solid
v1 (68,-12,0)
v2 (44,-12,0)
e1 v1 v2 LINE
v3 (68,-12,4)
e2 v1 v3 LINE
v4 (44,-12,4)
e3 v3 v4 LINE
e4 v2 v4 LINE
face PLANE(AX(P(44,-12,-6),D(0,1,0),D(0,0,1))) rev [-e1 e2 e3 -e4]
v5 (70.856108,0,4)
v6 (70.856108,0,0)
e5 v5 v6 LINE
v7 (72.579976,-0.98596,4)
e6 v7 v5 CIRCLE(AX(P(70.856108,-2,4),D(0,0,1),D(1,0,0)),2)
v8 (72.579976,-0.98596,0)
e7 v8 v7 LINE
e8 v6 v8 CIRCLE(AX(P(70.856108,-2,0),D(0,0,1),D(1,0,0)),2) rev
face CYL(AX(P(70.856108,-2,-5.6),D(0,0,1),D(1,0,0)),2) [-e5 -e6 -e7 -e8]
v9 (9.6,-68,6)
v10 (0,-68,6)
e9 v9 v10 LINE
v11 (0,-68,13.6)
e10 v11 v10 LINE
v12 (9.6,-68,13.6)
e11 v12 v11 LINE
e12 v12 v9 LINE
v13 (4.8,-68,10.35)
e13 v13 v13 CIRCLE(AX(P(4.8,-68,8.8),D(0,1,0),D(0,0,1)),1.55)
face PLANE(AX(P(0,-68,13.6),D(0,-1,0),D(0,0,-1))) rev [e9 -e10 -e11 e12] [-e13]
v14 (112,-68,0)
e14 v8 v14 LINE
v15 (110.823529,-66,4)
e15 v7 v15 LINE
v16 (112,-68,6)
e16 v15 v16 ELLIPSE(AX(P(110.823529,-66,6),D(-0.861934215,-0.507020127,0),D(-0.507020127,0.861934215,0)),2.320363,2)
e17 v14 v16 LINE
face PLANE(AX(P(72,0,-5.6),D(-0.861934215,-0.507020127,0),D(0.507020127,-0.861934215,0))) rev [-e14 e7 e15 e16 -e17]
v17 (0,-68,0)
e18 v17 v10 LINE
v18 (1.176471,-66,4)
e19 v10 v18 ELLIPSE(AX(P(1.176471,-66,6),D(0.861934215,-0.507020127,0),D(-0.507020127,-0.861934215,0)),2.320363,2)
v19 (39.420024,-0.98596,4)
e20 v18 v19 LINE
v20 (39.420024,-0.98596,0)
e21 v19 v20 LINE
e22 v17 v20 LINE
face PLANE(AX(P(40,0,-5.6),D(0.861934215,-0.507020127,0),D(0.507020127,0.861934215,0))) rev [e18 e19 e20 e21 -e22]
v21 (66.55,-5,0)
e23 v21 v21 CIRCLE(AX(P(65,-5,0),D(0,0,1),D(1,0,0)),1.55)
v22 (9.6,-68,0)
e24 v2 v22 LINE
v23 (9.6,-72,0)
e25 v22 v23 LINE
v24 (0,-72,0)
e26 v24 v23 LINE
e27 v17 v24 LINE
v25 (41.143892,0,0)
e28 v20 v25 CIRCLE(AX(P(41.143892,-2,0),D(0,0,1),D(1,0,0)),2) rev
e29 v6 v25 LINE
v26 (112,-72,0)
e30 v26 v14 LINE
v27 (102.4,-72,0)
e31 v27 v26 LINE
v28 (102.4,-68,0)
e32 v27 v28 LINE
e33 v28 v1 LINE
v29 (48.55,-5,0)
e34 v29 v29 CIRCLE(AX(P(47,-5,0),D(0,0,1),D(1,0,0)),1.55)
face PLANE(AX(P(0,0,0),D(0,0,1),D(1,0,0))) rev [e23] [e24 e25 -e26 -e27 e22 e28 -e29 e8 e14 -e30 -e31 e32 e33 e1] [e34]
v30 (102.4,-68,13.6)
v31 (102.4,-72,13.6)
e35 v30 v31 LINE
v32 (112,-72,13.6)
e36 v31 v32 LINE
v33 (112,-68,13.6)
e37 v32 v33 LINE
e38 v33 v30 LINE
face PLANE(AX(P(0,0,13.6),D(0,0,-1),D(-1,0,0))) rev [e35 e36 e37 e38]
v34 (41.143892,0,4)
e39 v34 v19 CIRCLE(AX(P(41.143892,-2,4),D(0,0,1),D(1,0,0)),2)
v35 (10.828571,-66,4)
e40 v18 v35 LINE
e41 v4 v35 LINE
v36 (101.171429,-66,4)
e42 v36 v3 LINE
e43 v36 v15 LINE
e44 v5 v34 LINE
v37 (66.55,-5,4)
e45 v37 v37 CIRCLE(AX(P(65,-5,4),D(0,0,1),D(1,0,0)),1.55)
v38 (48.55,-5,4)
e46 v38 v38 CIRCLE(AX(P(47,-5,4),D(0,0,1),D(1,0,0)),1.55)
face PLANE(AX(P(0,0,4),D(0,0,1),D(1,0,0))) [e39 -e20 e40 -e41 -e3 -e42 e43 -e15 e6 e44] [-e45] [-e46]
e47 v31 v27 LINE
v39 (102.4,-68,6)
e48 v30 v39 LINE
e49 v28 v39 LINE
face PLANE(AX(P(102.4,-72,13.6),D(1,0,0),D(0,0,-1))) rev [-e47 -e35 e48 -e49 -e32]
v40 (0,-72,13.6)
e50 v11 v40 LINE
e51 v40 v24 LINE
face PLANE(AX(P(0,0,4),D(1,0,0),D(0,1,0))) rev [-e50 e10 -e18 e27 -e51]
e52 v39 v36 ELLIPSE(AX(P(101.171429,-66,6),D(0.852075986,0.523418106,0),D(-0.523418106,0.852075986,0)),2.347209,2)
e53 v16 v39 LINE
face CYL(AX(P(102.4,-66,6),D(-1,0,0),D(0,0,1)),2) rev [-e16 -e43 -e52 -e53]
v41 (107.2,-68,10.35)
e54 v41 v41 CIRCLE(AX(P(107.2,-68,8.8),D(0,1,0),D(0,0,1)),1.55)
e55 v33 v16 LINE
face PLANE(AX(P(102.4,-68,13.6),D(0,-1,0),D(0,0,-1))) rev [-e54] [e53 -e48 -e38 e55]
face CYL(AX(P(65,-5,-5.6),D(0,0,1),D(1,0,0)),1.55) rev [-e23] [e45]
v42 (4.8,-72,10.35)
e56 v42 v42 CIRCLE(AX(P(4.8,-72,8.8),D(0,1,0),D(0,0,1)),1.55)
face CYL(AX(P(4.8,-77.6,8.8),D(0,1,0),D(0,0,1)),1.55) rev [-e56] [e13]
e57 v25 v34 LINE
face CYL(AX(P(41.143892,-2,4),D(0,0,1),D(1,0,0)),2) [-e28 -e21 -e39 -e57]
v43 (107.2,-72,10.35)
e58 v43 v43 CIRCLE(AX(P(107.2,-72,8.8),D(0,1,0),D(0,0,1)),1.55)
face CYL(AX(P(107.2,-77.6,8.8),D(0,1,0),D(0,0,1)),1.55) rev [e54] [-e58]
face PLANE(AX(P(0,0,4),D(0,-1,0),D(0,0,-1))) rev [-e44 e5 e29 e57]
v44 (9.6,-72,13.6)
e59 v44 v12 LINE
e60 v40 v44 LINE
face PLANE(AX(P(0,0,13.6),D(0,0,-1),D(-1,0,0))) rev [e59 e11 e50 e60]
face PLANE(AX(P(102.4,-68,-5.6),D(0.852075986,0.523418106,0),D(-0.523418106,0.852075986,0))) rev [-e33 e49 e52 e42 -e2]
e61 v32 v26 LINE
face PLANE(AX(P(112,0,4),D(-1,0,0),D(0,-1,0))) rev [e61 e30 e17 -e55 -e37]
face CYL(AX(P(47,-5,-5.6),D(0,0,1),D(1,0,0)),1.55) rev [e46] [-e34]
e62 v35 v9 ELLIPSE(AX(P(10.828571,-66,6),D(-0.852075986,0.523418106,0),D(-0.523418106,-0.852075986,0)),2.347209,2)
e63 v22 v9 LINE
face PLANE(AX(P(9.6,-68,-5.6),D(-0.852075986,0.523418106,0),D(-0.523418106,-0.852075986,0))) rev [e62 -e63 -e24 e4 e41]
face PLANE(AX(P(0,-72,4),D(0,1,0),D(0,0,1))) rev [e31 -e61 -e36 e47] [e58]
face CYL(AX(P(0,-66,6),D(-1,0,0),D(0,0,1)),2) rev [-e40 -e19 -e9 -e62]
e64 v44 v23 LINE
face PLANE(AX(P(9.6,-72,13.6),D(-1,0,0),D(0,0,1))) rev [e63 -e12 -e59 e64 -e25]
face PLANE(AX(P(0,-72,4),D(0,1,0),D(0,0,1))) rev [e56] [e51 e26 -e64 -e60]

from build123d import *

# Parameters (mm, degrees)
SKETCH1_W           = 112
SKETCH1_H           = 72
BOSS_EXTRUDE1_DEPTH = 4
SKETCH2_W           = 9.6
SKETCH2_H           = 4
BOSS_EXTRUDE2_DEPTH = 9.6
SKETCH3_R           = 1.55
CUT_EXTRUDE1_DEPTH  = 9.6
SKETCH4_R           = 1.55
CUT_EXTRUDE2_DEPTH  = 9.6
CUT_EXTRUDE4_DEPTH  = 9.6
CUT_EXTRUDE5_DEPTH  = 9.6
CUT_EXTRUDE6_DEPTH  = 10
FILLET1_R           = 2
FILLET2_R           = 2


with BuildPart() as part:
    # Sketch1 → Boss-Extrude1 (new body)
    with BuildSketch(Plane.XY):
        with Locations((56, -36)):
            Rectangle(SKETCH1_W, SKETCH1_H)
    extrude(amount=BOSS_EXTRUDE1_DEPTH)

    # Sketch2 → Boss-Extrude2 (add)
    with BuildSketch(Plane.XY.offset(4)):
        with Locations((4.8, -70)):
            Rectangle(SKETCH2_W, SKETCH2_H)
        with Locations((107.2, -70)):
            Rectangle(SKETCH2_W, SKETCH2_H)
        with Locations((56, -70)):
            Rectangle(SKETCH2_W, SKETCH2_H)
    extrude(amount=BOSS_EXTRUDE2_DEPTH)

    # Sketch3 → Cut-Extrude1 (cut)
    with BuildSketch(Plane(origin=(0, -68, 0), x_dir=(1, 0, 0), z_dir=(0, 1, 0))):
        with Locations(Location((4.8, -8.8, 0), (0, 0, 270))):
            Circle(SKETCH3_R)
        with Locations(Location((56, -8.8, 0), (0, 0, 270))):
            Circle(SKETCH3_R)
        with Locations(Location((107.2, -8.8, 0), (0, 0, 270))):
            Circle(SKETCH3_R)
    extrude(amount=-CUT_EXTRUDE1_DEPTH, mode=Mode.SUBTRACT)

    # Sketch4 → Cut-Extrude2 (cut)
    with BuildSketch(Plane.XY.offset(4)):
        with Locations((47, -5)):
            Circle(SKETCH4_R)
        with Locations((65, -5)):
            Circle(SKETCH4_R)
        with Locations((56, -14)):
            Circle(SKETCH4_R)
    extrude(amount=-CUT_EXTRUDE2_DEPTH, mode=Mode.SUBTRACT)

    # Sketch5 → Cut-Extrude4 (cut)
    with BuildSketch(Plane.XY.offset(4)):
        Polygon((0, -68), (0, 0), (40, 0), align=None)
        Polygon((72, 0), (112, -68), (112, 0), align=None)
    extrude(amount=-CUT_EXTRUDE4_DEPTH, mode=Mode.SUBTRACT)

    # Sketch6 → Cut-Extrude5 (cut)
    with BuildSketch(Plane.XY.offset(4)):
        Polygon((9.6, -68), (44, -12), (51.2, -68), (51.2, -72), (9.6, -72), align=None)
        Polygon((102.4, -72), (102.4, -68), (68, -12), (60.8, -68), (60.8, -72), align=None)
    extrude(amount=-CUT_EXTRUDE5_DEPTH, mode=Mode.SUBTRACT)

    # Sketch7 → Cut-Extrude6 (cut)
    with BuildSketch(Plane.XY.offset(4)):
        Polygon((44, -12), (68, -12), (68, -81.921915354), (38.62828306, -80.469678764), align=None)
    extrude(amount=-CUT_EXTRUDE6_DEPTH, mode=Mode.SUBTRACT)


with BuildPart() as body_2:
    # of the pieces the cut leaves, the one that is kept (cut_extrude6_keep)
    add(part.part.solids().sort_by_distance((40, 0, 0))[0])

    # Fillet1
    fillet1_edges = [body_2.edges().sort_by_distance(p)[0] for p in [
        (4.8, -68, 4),
        (107.2, -68, 4),
    ]]
    fillet(fillet1_edges, radius=FILLET1_R)

    # Fillet2
    fillet2_edges = [body_2.edges().sort_by_distance(p)[0] for p in [
        (40, 0, 2),
        (72, 0, 2),
    ]]
    fillet(fillet2_edges, radius=FILLET2_R)


solid = body_2.part
